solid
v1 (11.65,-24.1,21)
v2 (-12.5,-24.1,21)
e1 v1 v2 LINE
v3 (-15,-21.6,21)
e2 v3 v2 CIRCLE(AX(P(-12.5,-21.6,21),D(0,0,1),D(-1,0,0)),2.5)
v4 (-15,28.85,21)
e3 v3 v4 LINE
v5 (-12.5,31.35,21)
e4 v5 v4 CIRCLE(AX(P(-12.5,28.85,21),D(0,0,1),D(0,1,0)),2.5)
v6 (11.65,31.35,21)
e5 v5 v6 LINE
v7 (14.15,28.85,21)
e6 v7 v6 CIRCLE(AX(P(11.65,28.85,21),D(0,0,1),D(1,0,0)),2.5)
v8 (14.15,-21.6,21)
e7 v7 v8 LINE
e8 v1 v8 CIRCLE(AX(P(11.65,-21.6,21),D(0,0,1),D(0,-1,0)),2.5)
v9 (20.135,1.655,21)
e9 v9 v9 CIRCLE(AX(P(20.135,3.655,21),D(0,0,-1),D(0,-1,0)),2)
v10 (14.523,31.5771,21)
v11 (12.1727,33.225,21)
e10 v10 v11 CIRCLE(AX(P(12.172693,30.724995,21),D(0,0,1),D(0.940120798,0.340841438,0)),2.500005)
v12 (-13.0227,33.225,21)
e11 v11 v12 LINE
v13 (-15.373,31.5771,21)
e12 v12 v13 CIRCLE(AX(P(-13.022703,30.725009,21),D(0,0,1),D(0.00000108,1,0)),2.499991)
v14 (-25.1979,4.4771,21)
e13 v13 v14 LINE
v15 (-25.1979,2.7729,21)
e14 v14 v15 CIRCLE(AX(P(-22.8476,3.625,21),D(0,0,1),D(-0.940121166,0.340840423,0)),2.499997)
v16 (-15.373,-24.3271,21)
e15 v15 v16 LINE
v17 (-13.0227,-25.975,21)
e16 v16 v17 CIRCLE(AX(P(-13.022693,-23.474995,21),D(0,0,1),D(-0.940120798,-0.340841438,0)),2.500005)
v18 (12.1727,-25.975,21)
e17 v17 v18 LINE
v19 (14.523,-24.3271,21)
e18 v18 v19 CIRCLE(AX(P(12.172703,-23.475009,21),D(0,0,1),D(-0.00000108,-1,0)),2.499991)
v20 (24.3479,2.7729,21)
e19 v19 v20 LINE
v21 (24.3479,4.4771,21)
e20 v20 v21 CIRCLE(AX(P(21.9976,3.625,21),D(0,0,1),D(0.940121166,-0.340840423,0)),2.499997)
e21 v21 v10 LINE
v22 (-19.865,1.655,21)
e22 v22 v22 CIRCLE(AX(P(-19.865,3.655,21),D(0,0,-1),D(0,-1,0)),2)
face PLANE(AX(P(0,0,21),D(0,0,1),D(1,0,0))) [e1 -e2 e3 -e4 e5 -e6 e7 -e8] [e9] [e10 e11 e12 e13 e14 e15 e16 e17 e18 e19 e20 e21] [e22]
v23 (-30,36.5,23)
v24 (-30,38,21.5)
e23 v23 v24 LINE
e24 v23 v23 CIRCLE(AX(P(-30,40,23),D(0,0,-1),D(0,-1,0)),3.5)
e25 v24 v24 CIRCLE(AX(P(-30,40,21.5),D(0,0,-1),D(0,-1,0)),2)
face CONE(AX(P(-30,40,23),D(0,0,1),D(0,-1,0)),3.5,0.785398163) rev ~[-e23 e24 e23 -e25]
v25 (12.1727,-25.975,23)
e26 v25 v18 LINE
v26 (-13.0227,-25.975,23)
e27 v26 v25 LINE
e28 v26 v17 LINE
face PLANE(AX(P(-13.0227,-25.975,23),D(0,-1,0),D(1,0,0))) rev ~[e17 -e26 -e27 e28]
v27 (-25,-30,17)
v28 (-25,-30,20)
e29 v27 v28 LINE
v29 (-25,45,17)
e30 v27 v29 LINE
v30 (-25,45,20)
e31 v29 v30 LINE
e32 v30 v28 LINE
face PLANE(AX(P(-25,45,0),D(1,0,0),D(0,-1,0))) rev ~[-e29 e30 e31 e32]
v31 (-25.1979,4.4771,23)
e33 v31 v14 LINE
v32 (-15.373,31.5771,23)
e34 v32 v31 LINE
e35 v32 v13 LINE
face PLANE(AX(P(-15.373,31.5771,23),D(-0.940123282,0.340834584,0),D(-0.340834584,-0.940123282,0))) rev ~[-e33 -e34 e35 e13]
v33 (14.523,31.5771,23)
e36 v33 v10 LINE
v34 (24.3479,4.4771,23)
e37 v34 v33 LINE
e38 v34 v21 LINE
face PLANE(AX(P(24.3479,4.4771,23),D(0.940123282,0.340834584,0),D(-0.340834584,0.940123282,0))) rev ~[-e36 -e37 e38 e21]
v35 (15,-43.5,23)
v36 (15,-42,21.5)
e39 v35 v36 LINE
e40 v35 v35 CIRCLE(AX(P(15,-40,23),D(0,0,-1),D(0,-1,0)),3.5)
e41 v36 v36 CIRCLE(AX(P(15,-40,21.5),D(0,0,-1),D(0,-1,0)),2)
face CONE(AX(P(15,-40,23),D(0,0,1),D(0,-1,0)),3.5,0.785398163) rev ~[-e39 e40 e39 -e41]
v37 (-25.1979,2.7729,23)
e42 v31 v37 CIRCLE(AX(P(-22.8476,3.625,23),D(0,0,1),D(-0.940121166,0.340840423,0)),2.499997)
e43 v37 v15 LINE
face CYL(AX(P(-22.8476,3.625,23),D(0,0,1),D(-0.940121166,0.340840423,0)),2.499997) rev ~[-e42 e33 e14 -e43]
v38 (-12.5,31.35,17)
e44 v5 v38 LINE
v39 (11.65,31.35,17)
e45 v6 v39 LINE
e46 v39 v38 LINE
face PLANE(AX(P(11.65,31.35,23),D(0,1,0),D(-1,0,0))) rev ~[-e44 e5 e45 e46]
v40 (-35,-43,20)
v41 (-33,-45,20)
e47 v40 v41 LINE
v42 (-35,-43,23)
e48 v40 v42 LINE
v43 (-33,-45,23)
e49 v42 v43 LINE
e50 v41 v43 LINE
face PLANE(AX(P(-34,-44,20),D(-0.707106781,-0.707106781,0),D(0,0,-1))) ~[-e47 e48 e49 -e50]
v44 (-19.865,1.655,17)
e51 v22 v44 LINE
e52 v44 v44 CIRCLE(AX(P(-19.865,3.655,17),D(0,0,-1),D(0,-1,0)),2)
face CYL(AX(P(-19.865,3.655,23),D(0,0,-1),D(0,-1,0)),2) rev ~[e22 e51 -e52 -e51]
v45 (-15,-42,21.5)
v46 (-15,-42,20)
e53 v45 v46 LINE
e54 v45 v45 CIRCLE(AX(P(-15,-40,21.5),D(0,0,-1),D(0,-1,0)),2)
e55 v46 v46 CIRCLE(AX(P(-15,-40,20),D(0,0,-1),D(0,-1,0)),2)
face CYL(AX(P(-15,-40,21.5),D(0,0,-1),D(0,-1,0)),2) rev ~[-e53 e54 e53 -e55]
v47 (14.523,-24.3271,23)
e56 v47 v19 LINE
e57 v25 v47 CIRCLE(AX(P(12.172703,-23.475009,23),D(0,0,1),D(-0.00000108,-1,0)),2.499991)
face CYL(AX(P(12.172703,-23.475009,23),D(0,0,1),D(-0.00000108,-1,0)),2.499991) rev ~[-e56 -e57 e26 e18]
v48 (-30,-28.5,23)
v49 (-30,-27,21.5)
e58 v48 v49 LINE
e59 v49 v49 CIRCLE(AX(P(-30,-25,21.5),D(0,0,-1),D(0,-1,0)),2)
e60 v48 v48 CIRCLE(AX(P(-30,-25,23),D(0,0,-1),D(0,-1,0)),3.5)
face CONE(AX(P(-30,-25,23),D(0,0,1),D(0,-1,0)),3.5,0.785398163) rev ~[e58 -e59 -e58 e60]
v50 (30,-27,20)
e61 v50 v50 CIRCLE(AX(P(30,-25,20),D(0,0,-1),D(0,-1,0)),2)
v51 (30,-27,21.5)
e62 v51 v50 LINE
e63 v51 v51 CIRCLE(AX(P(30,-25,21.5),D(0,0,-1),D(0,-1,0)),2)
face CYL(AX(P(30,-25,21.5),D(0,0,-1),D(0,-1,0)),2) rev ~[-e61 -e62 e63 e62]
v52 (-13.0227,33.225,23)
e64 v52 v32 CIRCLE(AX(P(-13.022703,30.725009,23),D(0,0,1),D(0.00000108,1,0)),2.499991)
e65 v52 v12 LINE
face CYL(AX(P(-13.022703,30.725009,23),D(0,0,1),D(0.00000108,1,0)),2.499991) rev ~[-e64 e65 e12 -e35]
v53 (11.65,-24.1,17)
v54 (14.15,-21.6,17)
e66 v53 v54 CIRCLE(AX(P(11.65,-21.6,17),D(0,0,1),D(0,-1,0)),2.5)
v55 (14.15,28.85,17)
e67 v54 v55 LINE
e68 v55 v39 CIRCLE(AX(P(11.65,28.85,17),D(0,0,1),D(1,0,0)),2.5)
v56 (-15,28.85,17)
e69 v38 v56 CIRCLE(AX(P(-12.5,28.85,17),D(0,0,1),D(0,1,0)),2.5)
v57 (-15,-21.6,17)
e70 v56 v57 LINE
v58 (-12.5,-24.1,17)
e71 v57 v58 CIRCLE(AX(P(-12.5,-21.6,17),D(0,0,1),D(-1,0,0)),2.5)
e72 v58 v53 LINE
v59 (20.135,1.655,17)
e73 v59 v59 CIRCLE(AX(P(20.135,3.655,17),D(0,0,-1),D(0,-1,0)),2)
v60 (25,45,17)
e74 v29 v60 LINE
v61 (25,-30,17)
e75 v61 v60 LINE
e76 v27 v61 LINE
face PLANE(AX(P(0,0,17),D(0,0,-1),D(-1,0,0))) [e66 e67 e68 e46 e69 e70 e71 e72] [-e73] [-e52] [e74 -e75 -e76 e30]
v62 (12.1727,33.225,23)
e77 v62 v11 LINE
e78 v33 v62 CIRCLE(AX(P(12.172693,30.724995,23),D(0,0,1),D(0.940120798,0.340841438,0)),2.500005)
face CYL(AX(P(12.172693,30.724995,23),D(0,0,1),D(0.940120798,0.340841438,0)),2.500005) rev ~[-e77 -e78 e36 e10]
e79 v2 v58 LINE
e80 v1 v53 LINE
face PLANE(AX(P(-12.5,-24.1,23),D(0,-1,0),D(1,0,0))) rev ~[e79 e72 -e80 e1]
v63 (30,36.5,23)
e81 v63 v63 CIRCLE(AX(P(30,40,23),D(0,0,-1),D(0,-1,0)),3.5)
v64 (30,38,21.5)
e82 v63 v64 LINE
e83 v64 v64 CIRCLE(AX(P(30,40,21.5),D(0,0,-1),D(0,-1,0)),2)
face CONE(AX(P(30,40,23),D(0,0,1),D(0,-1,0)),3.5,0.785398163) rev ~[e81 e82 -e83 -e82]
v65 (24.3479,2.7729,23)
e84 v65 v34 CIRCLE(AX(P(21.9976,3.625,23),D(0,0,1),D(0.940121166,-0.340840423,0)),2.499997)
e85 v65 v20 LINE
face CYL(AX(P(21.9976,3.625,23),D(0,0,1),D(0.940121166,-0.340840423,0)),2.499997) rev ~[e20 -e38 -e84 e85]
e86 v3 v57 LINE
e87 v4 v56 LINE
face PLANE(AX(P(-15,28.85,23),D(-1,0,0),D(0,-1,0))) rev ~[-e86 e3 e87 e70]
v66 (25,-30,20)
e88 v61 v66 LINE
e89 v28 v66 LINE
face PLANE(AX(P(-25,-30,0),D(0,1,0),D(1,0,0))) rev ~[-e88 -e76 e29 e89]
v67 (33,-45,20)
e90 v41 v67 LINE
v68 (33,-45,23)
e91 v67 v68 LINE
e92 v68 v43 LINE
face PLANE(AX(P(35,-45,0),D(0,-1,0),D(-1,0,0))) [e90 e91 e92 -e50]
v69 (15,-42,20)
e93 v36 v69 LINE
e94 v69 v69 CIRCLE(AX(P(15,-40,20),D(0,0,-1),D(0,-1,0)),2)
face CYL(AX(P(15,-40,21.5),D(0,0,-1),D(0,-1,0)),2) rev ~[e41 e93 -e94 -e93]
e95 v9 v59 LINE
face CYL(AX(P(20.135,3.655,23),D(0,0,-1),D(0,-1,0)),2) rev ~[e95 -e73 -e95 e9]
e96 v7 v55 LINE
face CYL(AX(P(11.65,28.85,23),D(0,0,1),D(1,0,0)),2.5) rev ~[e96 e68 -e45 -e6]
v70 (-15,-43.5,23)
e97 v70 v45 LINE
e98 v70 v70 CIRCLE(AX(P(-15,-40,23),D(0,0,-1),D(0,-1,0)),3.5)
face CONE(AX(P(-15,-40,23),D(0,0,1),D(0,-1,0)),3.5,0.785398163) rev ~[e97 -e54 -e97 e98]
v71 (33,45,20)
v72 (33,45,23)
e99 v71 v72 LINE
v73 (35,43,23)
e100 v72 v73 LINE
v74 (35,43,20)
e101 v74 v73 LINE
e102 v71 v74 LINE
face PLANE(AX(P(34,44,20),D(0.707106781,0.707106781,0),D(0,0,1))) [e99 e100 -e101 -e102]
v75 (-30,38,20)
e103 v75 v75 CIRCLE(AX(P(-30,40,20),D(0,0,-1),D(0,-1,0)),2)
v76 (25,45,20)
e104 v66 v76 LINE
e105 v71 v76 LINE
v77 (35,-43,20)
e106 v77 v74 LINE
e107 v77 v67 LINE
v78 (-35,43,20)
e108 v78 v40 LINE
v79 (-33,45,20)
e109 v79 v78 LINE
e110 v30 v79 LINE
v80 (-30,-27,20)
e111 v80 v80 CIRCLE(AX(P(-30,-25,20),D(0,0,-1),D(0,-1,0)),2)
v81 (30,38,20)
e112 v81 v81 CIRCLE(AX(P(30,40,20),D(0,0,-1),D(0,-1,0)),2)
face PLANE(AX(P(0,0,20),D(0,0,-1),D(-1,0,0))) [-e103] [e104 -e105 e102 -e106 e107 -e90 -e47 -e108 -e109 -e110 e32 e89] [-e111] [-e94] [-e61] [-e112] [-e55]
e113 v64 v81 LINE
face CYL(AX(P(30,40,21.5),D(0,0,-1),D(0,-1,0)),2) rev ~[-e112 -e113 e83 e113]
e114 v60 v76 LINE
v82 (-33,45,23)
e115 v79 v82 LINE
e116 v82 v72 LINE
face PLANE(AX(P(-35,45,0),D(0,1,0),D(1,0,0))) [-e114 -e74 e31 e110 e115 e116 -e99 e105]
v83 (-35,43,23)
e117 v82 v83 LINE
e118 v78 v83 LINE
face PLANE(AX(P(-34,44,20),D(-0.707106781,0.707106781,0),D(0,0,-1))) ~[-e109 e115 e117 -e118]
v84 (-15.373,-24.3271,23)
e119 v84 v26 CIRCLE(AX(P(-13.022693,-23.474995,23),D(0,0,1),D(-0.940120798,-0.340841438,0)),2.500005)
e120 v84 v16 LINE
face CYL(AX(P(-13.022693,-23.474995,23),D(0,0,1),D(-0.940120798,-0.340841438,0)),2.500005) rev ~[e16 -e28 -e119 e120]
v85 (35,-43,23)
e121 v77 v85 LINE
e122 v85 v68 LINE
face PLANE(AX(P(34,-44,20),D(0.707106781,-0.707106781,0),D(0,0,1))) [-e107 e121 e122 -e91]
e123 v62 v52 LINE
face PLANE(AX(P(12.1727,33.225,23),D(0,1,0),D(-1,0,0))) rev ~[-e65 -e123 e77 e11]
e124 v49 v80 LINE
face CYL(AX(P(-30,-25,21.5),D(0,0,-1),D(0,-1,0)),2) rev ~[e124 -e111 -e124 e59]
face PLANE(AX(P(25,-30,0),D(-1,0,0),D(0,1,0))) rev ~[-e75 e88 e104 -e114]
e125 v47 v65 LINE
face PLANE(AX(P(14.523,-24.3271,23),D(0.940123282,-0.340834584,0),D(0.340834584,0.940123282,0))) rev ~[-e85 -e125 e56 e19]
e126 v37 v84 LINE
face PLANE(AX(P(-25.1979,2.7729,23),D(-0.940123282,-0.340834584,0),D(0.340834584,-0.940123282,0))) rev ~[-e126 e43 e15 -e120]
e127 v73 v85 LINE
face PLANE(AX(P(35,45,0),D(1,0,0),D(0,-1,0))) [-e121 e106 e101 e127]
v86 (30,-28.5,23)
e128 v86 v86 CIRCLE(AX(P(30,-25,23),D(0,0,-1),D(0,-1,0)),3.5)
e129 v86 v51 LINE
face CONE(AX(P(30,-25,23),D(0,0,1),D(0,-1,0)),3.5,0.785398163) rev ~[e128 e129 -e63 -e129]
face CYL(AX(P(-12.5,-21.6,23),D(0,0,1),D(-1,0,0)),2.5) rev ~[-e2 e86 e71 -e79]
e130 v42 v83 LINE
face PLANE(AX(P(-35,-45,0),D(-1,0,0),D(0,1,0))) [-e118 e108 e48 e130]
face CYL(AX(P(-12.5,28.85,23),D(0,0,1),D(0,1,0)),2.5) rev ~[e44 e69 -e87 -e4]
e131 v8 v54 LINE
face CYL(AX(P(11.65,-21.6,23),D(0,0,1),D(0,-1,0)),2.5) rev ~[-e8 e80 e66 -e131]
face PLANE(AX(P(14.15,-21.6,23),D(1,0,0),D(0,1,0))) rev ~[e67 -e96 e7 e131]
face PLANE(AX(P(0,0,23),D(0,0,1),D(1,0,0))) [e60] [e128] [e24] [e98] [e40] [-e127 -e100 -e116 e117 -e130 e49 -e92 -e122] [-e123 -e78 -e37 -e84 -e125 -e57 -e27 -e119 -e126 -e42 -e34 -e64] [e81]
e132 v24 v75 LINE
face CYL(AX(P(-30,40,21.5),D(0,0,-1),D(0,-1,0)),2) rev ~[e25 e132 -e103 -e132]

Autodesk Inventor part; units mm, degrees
ref_plane "YZ Plane" through (0, 0, 0) normal (1, 0, 0) x (0, 1, 0)
ref_plane "XZ Plane" through (0, 0, 0) normal (0, 1, 0) x (-1, 0, 0)
ref_plane "XY Plane" through (0, 0, 0) normal (0, 0, 1) x (1, 0, 0)
sketch "Sketch1" plane through (0, 0, 0) normal (0, 0, 1) x (1, 0, 0)
  line L0 (-35, 45) -> (35, 45)
  line L1 (35, 45) -> (35, -45)
  line L2 (35, -45) -> (-35, -45)
  line L3 (-35, -45) -> (-35, 45)
  point P0 (0, 0)
  point P1 (0, 45)
  point P2 (-35, 0)
  dimension "d0" = 70
  dimension "d1" = 90
extrude "Extrusion1" add sketch "Sketch1" along normal blind 23
sketch "Sketch2" plane through (0, 0, 23) normal (0, 0, 1) x (1, 0, 0)
  circle A0 centre (-20.425, 3.625) radius 3.15
  circle A1 centre (19.575, 3.625) radius 3.15
  line L0 (12.1727, -25.475) -> (-13.0227, -25.475)
  arc A2 (-14.903, -24.1567) -> (-13.0227, -25.475) centre (-13.0227, -23.475) ccw
  line L1 (-14.903, -24.1567) -> (-24.7279, 2.9433)
  arc A3 (-24.7279, 4.3067) -> (-24.7279, 2.9433) centre (-22.8476, 3.625) ccw
  line L2 (-24.7279, 4.3067) -> (-14.903, 31.4067)
  arc A4 (-13.0227, 32.725) -> (-14.903, 31.4067) centre (-13.0227, 30.725) ccw
  line L3 (-13.0227, 32.725) -> (12.1727, 32.725)
  arc A5 (14.053, 31.4067) -> (12.1727, 32.725) centre (12.1727, 30.725) ccw
  line L4 (14.053, 31.4067) -> (23.8779, 4.3067)
  arc A6 (23.8779, 2.9433) -> (23.8779, 4.3067) centre (21.9976, 3.625) ccw
  line L5 (23.8779, 2.9433) -> (14.053, -24.1567)
  arc A7 (12.1727, -25.475) -> (14.053, -24.1567) centre (12.1727, -23.475) ccw
  line L6 (-12.5, 30.85) -> (11.65, 30.85)
  arc A8 (13.65, 28.85) -> (11.65, 30.85) centre (11.65, 28.85) ccw
  line L7 (13.65, 28.85) -> (13.65, -21.6)
  arc A9 (11.65, -23.6) -> (13.65, -21.6) centre (11.65, -21.6) ccw
  line L8 (11.65, -23.6) -> (-12.5, -23.6)
  arc A10 (-14.5, -21.6) -> (-12.5, -23.6) centre (-12.5, -21.6) ccw
  line L9 (-14.5, -21.6) -> (-14.5, 28.85)
  arc A11 (-12.5, 30.85) -> (-14.5, 28.85) centre (-12.5, 28.85) ccw
  line L10 (11.875, -14) -> (11.875, -4.28)
  arc A12 (11.875, -4.28) -> (9.875, -2.28) centre (9.875, -4.28) ccw
  line L11 (9.875, -2.28) -> (-10.725, -2.28)
  arc A13 (-10.725, -2.28) -> (-12.725, -4.28) centre (-10.725, -4.28) ccw
  line L12 (-12.725, -4.28) -> (-12.725, -14)
  line L13 (-12.725, -14) -> (-7.725, -19)
  line L14 (-7.725, -19) -> (6.875, -19)
  line L15 (6.875, -19) -> (11.875, -14)
  line L16 (0.575, -12.25) -> (0.575, -15.75)
  line L17 (0.575, -15.75) -> (-1.425, -15.75)
  line L18 (-1.425, -15.75) -> (-1.425, -12.25)
  line L19 (-1.425, -12.25) -> (0.575, -12.25)
  line L20 (-6.3111, -5.53) -> (-6.3111, -9.03)
  line L21 (-6.3111, -9.03) -> (-8.3111, -9.03)
  line L22 (-8.3111, -9.03) -> (-8.3111, -5.53)
  line L23 (-8.3111, -5.53) -> (-6.3111, -5.53)
  line L24 (5.4611, -9.03) -> (5.4611, -5.53)
  line L25 (5.4611, -5.53) -> (7.4611, -5.53)
  line L26 (7.4611, -5.53) -> (7.4611, -9.03)
  line L27 (7.4611, -9.03) -> (5.4611, -9.03)
  line L28 (11.65, 31.35) -> (-12.5, 31.35)
  arc A14 (-12.5, 31.35) -> (-15, 28.85) centre (-12.5, 28.85) ccw
  line L29 (-15, 28.85) -> (-15, -21.6)
  arc A15 (-15, -21.6) -> (-12.5, -24.1) centre (-12.5, -21.6) ccw
  line L30 (-12.5, -24.1) -> (11.65, -24.1)
  arc A16 (11.65, -24.1) -> (14.15, -21.6) centre (11.65, -21.6) ccw
  line L31 (14.15, -21.6) -> (14.15, 28.85)
  arc A17 (14.15, 28.85) -> (11.65, 31.35) centre (11.65, 28.85) ccw
  dimension "d90" = 0.5
extrude "Extrusion2" cut sketch "Sketch2" against normal through all contours L6 A8 L7 A9 L8 A10 L9 A11 | L15 L14 L13 L12 A13 L11 A12 L10 | L16 L17 L18 L19 | L20 L21 L22 L23 | L24 L25 L26 L27 | A17 L31 A16 L30 A15 L29 A14 L28
sketch "Sketch3" plane through (0, 0, 23) normal (0, 0, 1) x (1, 0, 0)
  circle A0 centre (-20.425, 3.625) radius 3.15
  circle A1 centre (19.575, 3.625) radius 3.15
  line L0 (12.1727, -25.475) -> (-13.0227, -25.475)
  arc A2 (-14.903, -24.1567) -> (-13.0227, -25.475) centre (-13.0227, -23.475) ccw
  line L1 (-14.903, -24.1567) -> (-24.7279, 2.9433)
  arc A3 (-24.7279, 4.3067) -> (-24.7279, 2.9433) centre (-22.8476, 3.625) ccw
  line L2 (-24.7279, 4.3067) -> (-14.903, 31.4067)
  arc A4 (-13.0227, 32.725) -> (-14.903, 31.4067) centre (-13.0227, 30.725) ccw
  line L3 (-13.0227, 32.725) -> (12.1727, 32.725)
  arc A5 (14.053, 31.4067) -> (12.1727, 32.725) centre (12.1727, 30.725) ccw
  line L4 (14.053, 31.4067) -> (23.8779, 4.3067)
  arc A6 (23.8779, 2.9433) -> (23.8779, 4.3067) centre (21.9976, 3.625) ccw
  line L5 (23.8779, 2.9433) -> (14.053, -24.1567)
  arc A7 (12.1727, -25.475) -> (14.053, -24.1567) centre (12.1727, -23.475) ccw
  line L6 (-12.5, 30.85) -> (11.65, 30.85)
  arc A8 (13.65, 28.85) -> (11.65, 30.85) centre (11.65, 28.85) ccw
  line L7 (13.65, 28.85) -> (13.65, -21.6)
  arc A9 (11.65, -23.6) -> (13.65, -21.6) centre (11.65, -21.6) ccw
  line L8 (11.65, -23.6) -> (-12.5, -23.6)
  arc A10 (-14.5, -21.6) -> (-12.5, -23.6) centre (-12.5, -21.6) ccw
  line L9 (-14.5, -21.6) -> (-14.5, 28.85)
  arc A11 (-12.5, 30.85) -> (-14.5, 28.85) centre (-12.5, 28.85) ccw
  line L10 (11.875, -14) -> (11.875, -4.28)
  arc A12 (11.875, -4.28) -> (9.875, -2.28) centre (9.875, -4.28) ccw
  line L11 (9.875, -2.28) -> (-10.725, -2.28)
  arc A13 (-10.725, -2.28) -> (-12.725, -4.28) centre (-10.725, -4.28) ccw
  line L12 (-12.725, -4.28) -> (-12.725, -14)
  line L13 (-12.725, -14) -> (-7.725, -19)
  line L14 (-7.725, -19) -> (6.875, -19)
  line L15 (6.875, -19) -> (11.875, -14)
  line L16 (0.575, -12.25) -> (0.575, -15.75)
  line L17 (0.575, -15.75) -> (-1.425, -15.75)
  line L18 (-1.425, -15.75) -> (-1.425, -12.25)
  line L19 (-1.425, -12.25) -> (0.575, -12.25)
  line L20 (-6.3111, -5.53) -> (-6.3111, -9.03)
  line L21 (-6.3111, -9.03) -> (-8.3111, -9.03)
  line L22 (-8.3111, -9.03) -> (-8.3111, -5.53)
  line L23 (-8.3111, -5.53) -> (-6.3111, -5.53)
  line L24 (5.4611, -9.03) -> (5.4611, -5.53)
  line L25 (5.4611, -5.53) -> (7.4611, -5.53)
  line L26 (7.4611, -5.53) -> (7.4611, -9.03)
  line L27 (7.4611, -9.03) -> (5.4611, -9.03)
  line L28 (12.1727, 33.225) -> (-13.0227, 33.225)
  arc A14 (-13.0227, 33.225) -> (-15.373, 31.5771) centre (-13.0227, 30.725) ccw
  line L29 (-15.373, 31.5771) -> (-25.1979, 4.4771)
  arc A15 (-25.1979, 4.4771) -> (-25.1979, 2.7729) centre (-22.8476, 3.625) ccw
  line L30 (-25.1979, 2.7729) -> (-15.373, -24.3271)
  arc A16 (-15.373, -24.3271) -> (-13.0227, -25.975) centre (-13.0227, -23.475) ccw
  line L31 (-13.0227, -25.975) -> (12.1727, -25.975)
  arc A17 (12.1727, -25.975) -> (14.523, -24.3271) centre (12.1727, -23.475) ccw
  line L32 (14.523, -24.3271) -> (24.3479, 2.7729)
  arc A18 (24.3479, 2.7729) -> (24.3479, 4.4771) centre (21.9976, 3.625) ccw
  line L33 (24.3479, 4.4771) -> (14.523, 31.5771)
  arc A19 (14.523, 31.5771) -> (12.1727, 33.225) centre (12.1727, 30.725) ccw
  dimension "d91" = 0.5
extrude "Extrusion3" cut sketch "Sketch3" against normal blind 2 contours A0 | A1 | L0 A2 L1 A3 L2 A4 L3 A5 L4 A6 L5 A7 | L6 A8 L7 A9 L8 A10 L9 A11 | L15 L14 L13 L12 A13 L11 A12 L10 | L16 L17 L18 L19 | L20 L21 L22 L23 | L24 L25 L26 L27 | A19 L33 A18 L32 A17 L31 A16 L30 A15 L29 A14 L28
sketch "Sketch4" plane through (0, 0, 0) normal (0, 0, -1) x (-1, 0, 0)
  line L0 (-25, 45) -> (25, 45)
  line L1 (25, 45) -> (25, -30)
  line L2 (25, -30) -> (-25, -30)
  line L3 (-25, -30) -> (-25, 45)
  line L4 (-35, -45) -> (-35, 45) projected
  line L5 (35, -45) -> (-35, -45) projected
  line L6 (-35, 45) -> (35, 45) projected
  line L7 (35, 45) -> (35, -45) projected
  point P0 (0, 0)
  point P1 (45, -30)
  point P2 (-25, 45)
  point P3 (0, -30)
  point P4 (0, -45)
  point P5 (25, 45)
  dimension "d11" = 15
  dimension "d89" = 10
extrude "Extrusion4" cut sketch "Sketch4" against normal blind 20 contours L3 L2 L1 L6 L7 L5 L4
sketch "Sketch6" plane through (0, 0, 23) normal (0, 0, 1) x (1, 0, 0)
  circle A0 centre (-19.865, 3.655) radius 1.6 projected
  circle A1 centre (20.135, 3.655) radius 1.6 projected
  point P0 (0, 0)
hole "Hole1" at (20.135, 3.655, 23) at (-19.865, 3.655, 23) direction (0, 0, -1) diameter 4 end through all
sketch "Sketch5" plane through (0, 0, 0) normal (0, 0, -1) x (-1, 0, 0)
  line L0 (-20, 45) -> (45, 45)
  line L1 (-20, 0) -> (-20, 45)
  line L2 (-25, 45) -> (35, 45) projected
  line L3 (-25, 45) -> (-25, -30) projected
  line L4 (-25, -30) -> (25, -30) projected
  line L5 (14.9072, -25) -> (34.9072, -25)
  line L6 (35, -30) -> (14.9072, -30)
  line L7 (14.9072, -25) -> (14.9072, -30)
  line L8 (-25, 0) -> (-20, 0)
  line L9 (35, 45) -> (35, -30)
  point P0 (-20, -30)
  point P1 (14.9072, -30)
  point P2 (-20, 45)
  point P3 (14.9072, -30)
  point P4 (35, 45)
  dimension "d17" = 5
  dimension "d35" = 5
  dimension "d80" = 30
  dimension "d96" = 20.0928
extrude "Extrusion5" cut sketch "Sketch5" against normal blind 17
sketch "Sketch9" plane through (0, 0, 17) normal (0, 0, -1) x (-1, 0, 0)
  line L0 (-25, 45) -> (25, 45) projected
  line L1 (25, -30) -> (-25, -30) projected
  line L2 (-9.15, -24.1) -> (20, -24.1)
  line L3 (20, -24.1) -> (20, -30)
  line L4 (20, -30) -> (-9.15, -30)
  line L5 (-9.15, -30) -> (-9.15, -24.1)
  line L6 (-25, -30) -> (-25, 45) projected
  line L7 (25, 45) -> (25, -30) projected
  line L8 (-14.15, 28.85) -> (-14.15, -21.6) projected
  arc A0 (-11.65, 31.35) -> (-14.15, 28.85) centre (-11.65, 28.85) ccw projected
  line L9 (12.5, 31.35) -> (-11.65, 31.35) projected
  arc A1 (15, 28.85) -> (12.5, 31.35) centre (12.5, 28.85) ccw projected
  line L10 (15, -21.6) -> (15, 28.85) projected
  arc A2 (12.5, -24.1) -> (15, -21.6) centre (12.5, -21.6) ccw projected
  line L11 (-11.65, -24.1) -> (12.5, -24.1) projected
  arc A3 (-14.15, -21.6) -> (-11.65, -24.1) centre (-11.65, -21.6) ccw projected
  point P0 (0, 0)
  point P1 (-9.15, -30)
  point P2 (20, -30)
extrude "Extrusion6" [suppressed]
sketch "Sketch10" plane through (-17.5, -24.1, 21) normal (0, 1, 0) x (1, 0, 0)
  line L0 (22.5, 19) -> (2.5, 19)
  line L1 (2.5, 19) -> (2.5, 29)
  line L2 (2.5, 29) -> (22.5, 29)
  line L3 (22.5, 29) -> (22.5, 19)
  point P0 (17.5, 21)
  point P1 (12.5, 29)
  point P2 (12.5, 34)
  dimension "d94" = 10
extrude "Extrusion7" [suppressed]
fillet "Fillet1" [suppressed]
sketch "Sketch11" plane through (0, 0, 23) normal (0, 0, 1) x (1, 0, 0)
  line L0 (-35, -45) -> (35, -45) projected
  line L1 (-35, 45) -> (-35, -45) projected
  line L2 (35, -45) -> (35, 45) projected
  line L3 (35, 45) -> (-35, 45) projected
  point P0 (0, 0)
  point P1 (-15, -40)
  point P2 (15, -40)
  point P3 (30, -25)
  point P4 (30, 40)
  point P5 (-30, 40)
  point P6 (-30, -25)
  dimension "d65" = 5
  dimension "d66" = 20
  dimension "d67" = 20
  dimension "d68" = 5
  dimension "d69" = 5
  dimension "d70" = 20
  dimension "d71" = 5
  dimension "d72" = 5
  dimension "d97" = 5
hole "Hole4" at (-15, -40, 23) at (15, -40, 23) at (30, -25, 23) at (30, 40, 23) at (-30, 40, 23) at (-30, -25, 23) direction (0, 0, -1) diameter 4 end through all countersink diameter 7 countersink angle 90
chamfer "Chamfer2" distance 2 angle 45 4 edges at (-35, 45, 21.5) (35, 45, 21.5) (35, -45, 21.5) (-35, -45, 21.5)
equation "\"d66\" = d67"
equation "\"d68\" = d65"
equation "\"d69\" = d65"
equation "\"d70\" = d67"
equation "\"d71\" = d65"
equation "\"d97\" = d72"
properties part number "10-06-015 Suport conector cablu"
